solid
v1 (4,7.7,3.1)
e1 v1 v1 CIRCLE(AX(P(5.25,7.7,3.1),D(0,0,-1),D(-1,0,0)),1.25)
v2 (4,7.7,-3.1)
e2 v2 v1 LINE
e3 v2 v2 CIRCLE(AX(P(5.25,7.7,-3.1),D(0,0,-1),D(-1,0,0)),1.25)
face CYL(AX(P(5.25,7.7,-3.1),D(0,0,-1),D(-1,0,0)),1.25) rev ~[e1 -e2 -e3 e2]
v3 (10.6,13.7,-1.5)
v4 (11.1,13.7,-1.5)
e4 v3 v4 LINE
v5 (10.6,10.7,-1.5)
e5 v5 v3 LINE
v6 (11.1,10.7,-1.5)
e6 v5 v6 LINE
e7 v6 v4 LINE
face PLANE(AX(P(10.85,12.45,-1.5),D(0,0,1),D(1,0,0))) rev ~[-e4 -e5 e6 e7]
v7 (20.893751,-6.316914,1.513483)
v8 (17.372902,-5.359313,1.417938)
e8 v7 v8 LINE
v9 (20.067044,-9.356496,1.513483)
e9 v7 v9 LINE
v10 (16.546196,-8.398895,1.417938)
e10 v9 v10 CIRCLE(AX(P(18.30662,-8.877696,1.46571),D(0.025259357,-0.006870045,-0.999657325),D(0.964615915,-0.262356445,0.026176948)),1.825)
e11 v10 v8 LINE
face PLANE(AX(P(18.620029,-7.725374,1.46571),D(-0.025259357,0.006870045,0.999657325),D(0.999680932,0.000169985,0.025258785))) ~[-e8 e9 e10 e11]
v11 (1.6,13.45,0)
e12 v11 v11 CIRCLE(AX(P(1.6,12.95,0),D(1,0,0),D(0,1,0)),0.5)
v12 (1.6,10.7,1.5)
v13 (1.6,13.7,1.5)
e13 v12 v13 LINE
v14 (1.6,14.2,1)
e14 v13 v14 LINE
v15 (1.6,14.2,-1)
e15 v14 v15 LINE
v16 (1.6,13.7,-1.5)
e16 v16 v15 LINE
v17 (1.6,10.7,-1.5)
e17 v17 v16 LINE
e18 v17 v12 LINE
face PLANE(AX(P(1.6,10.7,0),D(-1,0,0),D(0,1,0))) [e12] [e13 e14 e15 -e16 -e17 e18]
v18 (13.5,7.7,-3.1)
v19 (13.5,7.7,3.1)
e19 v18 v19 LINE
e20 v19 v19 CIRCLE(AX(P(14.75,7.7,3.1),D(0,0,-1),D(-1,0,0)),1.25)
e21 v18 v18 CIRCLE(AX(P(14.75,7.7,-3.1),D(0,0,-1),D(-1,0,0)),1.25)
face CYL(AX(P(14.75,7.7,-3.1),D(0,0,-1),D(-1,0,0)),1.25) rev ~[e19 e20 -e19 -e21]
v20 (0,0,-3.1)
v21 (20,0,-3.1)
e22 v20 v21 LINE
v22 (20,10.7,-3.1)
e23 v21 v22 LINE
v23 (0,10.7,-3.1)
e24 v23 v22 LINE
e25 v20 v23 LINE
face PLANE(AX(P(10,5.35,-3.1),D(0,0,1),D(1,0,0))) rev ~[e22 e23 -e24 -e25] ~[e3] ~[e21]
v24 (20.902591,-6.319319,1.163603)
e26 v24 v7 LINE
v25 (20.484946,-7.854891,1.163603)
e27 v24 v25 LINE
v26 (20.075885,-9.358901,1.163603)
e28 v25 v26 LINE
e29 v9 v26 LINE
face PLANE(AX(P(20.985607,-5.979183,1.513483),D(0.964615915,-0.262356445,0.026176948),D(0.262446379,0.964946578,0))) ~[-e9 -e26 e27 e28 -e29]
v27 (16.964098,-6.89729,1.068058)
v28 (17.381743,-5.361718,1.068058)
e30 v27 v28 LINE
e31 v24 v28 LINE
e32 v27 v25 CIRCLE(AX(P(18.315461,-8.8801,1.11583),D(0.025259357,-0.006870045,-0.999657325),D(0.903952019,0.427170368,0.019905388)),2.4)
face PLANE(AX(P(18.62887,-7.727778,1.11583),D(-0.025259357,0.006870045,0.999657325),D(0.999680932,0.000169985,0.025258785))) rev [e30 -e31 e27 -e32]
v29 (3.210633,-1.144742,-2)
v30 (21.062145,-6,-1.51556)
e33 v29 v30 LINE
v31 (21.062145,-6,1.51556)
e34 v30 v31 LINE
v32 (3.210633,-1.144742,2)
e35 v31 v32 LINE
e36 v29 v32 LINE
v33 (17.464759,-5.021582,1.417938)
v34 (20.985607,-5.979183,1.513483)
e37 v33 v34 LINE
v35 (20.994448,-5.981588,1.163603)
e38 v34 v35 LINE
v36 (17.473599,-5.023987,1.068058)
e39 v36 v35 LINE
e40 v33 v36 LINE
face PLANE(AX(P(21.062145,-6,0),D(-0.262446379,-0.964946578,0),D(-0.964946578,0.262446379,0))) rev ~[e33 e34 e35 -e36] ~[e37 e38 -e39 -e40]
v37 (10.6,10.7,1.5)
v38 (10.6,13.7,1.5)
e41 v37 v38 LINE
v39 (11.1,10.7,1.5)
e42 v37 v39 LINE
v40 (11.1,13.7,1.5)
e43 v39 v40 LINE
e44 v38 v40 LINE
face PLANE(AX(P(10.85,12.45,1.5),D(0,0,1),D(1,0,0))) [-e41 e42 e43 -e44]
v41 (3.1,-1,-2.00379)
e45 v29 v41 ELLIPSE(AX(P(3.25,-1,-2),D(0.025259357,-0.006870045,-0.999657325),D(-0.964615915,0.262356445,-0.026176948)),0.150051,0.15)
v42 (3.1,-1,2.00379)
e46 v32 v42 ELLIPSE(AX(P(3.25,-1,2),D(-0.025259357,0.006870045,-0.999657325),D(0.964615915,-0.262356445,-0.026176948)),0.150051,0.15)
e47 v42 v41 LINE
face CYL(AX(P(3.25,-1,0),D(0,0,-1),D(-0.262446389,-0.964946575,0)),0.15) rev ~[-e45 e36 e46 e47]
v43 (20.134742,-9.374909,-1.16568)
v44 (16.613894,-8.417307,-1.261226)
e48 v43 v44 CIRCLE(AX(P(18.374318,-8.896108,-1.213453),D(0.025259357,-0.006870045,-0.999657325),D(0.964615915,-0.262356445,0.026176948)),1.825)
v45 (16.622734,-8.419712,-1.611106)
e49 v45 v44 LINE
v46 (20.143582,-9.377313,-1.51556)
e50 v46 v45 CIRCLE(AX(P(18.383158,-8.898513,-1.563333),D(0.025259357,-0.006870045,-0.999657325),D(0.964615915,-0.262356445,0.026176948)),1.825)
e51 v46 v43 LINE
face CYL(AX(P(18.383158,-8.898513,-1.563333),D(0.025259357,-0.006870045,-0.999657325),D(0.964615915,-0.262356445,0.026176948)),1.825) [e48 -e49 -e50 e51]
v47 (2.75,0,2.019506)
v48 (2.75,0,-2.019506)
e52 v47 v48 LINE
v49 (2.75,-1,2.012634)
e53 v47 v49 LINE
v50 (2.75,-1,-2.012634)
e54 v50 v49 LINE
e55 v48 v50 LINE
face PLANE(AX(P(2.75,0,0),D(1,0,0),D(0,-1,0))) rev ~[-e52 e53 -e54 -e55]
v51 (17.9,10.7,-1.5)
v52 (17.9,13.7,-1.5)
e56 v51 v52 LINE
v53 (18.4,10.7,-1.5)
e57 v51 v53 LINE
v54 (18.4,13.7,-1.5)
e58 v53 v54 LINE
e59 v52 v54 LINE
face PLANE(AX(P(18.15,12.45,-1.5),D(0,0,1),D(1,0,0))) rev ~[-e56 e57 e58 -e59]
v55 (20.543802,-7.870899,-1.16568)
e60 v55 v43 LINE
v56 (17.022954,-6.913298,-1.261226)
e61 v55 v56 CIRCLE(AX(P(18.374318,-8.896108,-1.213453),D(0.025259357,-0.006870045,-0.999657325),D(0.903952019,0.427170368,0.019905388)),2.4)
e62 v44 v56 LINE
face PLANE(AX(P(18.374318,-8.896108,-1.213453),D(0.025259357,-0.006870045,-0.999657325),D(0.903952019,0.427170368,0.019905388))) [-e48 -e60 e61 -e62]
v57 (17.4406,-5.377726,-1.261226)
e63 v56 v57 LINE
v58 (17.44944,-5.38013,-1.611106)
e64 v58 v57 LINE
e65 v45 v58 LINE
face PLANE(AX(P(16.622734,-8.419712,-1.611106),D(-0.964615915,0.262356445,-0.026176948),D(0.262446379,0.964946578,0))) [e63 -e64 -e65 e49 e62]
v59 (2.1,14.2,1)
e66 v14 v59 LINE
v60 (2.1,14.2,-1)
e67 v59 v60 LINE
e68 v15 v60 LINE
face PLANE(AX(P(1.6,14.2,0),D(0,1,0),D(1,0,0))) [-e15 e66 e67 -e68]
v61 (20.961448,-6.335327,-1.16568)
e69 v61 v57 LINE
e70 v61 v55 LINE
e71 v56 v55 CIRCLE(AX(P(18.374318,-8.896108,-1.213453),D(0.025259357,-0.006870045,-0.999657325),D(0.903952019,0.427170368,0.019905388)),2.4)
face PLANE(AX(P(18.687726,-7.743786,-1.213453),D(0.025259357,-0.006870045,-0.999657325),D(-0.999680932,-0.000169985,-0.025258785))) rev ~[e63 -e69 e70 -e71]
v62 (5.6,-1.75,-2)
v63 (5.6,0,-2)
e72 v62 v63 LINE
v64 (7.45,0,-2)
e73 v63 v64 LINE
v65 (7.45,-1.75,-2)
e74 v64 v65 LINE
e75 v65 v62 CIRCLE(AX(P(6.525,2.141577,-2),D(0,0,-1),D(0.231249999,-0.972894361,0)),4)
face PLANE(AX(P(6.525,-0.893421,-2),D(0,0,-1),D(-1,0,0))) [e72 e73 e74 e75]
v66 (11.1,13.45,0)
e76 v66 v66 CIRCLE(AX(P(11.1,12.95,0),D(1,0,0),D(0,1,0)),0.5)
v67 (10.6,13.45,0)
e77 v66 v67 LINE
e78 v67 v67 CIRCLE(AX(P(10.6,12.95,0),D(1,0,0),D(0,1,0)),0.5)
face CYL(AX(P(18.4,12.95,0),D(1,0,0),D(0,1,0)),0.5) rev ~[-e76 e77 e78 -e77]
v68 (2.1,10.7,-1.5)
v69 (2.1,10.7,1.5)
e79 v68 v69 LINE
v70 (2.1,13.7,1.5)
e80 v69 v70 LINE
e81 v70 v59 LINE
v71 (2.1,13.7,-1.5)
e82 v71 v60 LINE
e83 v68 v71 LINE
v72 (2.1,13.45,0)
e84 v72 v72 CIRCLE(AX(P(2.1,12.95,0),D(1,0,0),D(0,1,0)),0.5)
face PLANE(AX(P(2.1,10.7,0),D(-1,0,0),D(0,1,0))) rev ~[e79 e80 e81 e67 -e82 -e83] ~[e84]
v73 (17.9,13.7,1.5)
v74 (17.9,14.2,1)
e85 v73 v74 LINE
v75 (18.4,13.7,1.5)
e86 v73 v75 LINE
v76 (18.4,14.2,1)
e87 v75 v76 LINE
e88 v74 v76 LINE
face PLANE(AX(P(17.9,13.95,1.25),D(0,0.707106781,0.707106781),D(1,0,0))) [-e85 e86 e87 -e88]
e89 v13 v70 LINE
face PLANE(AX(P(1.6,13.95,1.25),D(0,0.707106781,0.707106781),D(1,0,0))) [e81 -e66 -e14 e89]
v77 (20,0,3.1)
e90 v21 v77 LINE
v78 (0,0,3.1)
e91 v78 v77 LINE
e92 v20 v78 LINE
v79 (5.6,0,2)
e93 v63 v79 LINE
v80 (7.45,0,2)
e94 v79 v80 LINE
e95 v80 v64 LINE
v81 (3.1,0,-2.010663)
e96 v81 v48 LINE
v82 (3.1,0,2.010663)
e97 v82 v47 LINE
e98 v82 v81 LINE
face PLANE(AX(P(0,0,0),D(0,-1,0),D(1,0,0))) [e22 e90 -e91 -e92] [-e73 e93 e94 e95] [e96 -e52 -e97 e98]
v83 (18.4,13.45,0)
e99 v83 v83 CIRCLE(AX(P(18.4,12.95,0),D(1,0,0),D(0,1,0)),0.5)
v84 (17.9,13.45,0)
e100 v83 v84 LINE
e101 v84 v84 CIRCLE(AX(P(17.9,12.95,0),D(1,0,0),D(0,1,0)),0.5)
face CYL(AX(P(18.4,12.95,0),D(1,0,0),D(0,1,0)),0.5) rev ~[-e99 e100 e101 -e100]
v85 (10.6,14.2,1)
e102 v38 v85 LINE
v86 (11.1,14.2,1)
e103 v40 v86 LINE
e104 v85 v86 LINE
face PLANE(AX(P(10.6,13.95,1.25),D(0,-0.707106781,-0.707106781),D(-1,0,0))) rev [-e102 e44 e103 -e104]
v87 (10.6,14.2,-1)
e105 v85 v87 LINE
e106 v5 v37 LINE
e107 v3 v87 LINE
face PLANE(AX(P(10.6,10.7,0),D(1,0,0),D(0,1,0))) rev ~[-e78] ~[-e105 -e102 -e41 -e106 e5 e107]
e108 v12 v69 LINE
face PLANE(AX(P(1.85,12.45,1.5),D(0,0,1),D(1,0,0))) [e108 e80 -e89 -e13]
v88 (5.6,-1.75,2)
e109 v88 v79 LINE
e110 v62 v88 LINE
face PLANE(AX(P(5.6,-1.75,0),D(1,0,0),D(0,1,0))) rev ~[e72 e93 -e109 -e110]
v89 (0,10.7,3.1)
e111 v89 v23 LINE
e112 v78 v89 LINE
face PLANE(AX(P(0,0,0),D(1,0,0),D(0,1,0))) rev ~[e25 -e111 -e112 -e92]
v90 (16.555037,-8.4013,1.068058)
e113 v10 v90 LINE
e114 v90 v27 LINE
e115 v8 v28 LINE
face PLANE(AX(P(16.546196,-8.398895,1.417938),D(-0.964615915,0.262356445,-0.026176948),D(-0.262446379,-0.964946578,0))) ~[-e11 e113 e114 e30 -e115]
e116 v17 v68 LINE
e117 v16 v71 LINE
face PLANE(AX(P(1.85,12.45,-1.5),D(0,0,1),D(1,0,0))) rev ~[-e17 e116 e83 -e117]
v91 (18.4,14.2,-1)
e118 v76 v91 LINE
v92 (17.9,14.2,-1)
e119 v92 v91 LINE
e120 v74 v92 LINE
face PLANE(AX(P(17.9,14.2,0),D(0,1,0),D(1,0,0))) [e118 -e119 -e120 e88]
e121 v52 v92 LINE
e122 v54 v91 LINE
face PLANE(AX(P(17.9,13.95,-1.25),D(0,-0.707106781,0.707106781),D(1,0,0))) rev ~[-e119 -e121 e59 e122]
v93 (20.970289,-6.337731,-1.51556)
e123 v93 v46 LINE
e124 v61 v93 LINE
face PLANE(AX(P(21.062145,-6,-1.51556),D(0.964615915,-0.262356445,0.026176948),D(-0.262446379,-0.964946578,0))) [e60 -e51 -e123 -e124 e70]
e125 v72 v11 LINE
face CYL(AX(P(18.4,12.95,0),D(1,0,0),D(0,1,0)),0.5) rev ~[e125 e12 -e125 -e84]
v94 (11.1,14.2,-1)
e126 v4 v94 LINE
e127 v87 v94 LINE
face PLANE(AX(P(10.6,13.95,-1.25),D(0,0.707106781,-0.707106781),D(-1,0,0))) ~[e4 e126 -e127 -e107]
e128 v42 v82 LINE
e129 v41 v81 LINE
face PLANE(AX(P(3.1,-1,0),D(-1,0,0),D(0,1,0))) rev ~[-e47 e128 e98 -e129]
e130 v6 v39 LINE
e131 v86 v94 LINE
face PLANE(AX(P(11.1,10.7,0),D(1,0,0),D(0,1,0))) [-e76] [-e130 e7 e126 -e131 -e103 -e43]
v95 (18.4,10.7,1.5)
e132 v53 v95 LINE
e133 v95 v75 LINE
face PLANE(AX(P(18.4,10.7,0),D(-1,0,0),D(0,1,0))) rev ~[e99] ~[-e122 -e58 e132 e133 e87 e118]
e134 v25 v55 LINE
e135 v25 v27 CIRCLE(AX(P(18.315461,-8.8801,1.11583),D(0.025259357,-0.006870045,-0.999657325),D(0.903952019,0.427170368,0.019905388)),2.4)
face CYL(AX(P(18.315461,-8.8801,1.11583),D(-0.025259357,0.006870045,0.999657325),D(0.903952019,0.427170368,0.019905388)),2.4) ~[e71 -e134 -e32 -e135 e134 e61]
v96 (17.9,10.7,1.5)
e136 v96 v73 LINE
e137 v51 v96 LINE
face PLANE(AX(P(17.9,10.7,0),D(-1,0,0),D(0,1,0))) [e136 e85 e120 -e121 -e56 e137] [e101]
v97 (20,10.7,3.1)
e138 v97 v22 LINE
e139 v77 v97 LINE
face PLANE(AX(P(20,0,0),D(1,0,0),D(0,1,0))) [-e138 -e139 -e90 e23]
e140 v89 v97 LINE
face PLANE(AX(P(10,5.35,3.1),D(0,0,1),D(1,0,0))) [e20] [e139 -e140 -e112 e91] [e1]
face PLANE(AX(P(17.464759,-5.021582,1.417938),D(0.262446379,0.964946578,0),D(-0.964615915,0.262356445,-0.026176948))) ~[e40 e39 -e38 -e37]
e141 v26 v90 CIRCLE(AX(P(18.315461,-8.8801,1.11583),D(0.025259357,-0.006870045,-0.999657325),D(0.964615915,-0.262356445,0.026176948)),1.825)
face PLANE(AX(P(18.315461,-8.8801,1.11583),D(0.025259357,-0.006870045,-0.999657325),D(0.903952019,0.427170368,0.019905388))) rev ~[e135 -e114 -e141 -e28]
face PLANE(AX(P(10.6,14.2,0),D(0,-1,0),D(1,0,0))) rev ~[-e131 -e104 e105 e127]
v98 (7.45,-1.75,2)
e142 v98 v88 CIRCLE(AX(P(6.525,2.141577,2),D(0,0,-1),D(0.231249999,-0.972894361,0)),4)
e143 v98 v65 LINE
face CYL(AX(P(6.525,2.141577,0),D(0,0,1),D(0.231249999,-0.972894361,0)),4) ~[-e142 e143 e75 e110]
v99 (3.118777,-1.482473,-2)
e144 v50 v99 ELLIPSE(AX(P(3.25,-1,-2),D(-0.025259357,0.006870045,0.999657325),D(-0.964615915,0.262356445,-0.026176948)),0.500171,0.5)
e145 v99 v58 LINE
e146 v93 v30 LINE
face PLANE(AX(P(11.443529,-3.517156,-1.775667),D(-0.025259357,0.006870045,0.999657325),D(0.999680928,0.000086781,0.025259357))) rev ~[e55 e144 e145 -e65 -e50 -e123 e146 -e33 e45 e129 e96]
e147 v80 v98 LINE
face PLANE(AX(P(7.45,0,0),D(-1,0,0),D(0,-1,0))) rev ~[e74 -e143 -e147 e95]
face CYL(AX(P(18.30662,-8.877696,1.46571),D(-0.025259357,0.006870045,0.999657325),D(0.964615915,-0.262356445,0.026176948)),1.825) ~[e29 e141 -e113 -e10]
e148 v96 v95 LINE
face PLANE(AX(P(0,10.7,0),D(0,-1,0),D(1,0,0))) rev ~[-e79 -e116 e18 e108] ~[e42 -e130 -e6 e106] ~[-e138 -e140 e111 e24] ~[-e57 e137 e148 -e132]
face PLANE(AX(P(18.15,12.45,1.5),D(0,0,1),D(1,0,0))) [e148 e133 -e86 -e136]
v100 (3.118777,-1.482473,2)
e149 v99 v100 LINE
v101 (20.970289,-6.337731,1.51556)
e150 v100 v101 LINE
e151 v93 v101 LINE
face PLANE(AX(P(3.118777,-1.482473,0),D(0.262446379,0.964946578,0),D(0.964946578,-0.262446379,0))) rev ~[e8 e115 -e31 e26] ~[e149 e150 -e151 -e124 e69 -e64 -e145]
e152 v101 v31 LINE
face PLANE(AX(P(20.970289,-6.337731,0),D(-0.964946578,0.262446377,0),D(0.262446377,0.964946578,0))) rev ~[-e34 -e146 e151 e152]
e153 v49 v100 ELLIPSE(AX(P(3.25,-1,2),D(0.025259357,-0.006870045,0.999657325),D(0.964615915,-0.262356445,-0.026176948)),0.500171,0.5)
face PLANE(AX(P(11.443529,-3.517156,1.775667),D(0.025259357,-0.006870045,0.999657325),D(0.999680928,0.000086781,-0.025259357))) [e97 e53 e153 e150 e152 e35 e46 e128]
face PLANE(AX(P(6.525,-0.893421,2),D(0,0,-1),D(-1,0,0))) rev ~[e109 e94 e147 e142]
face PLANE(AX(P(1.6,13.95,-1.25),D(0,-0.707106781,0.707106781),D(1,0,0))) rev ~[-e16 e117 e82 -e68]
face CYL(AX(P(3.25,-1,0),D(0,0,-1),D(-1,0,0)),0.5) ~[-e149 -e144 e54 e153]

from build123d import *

# Parameters (mm, degrees)
SKETCH1_W           = 20
SKETCH1_H           = 10.7
BOSS_EXTRUDE1_DEPTH = 3.1
SKETCH2_W           = 0.5
SKETCH2_H           = 3.5
BOSS_EXTRUDE2_DEPTH = 1.5
CHAMFER1_SIZE       = 0.5
CUT_EXTRUDE1_REACH  = 25.448
SKETCH3_R           = 0.5
SKETCH4_R           = 1.25
CUT_EXTRUDE2_DEPTH  = 26.299802371
BOSS_EXTRUDE3_DEPTH = 2
DRAFT10_ANGLE       = 1.5
BOSS_EXTRUDE4_DEPTH = 0.35
SKETCH8_R           = 2.4
BOSS_EXTRUDE5_DEPTH = 2.330082213


with BuildPart() as part:
    # Sketch1 → Boss-Extrude1 (new, symmetric)
    with BuildSketch(Plane.XY):
        with Locations((10, 5.35)):
            Rectangle(SKETCH1_W, SKETCH1_H)
    extrude(amount=BOSS_EXTRUDE1_DEPTH, both=True)

    # Sketch2 → Boss-Extrude2 (add, symmetric)
    with BuildSketch(Plane.XY):
        with Locations((1.85, 12.45)):
            Rectangle(SKETCH2_W, SKETCH2_H)
        with Locations((18.15, 12.45)):
            Rectangle(SKETCH2_W, SKETCH2_H)
        with Locations((10.85, 12.45)):
            Rectangle(SKETCH2_W, SKETCH2_H)
    extrude(amount=BOSS_EXTRUDE2_DEPTH, both=True)

    # Chamfer1
    chamfer1_edges = [part.edges().sort_by_distance(p)[0] for p in [
        (1.85, 14.2, -1.5),
        (1.85, 14.2, 1.5),
        (18.15, 14.2, -1.5),
        (18.15, 14.2, 1.5),
        (10.85, 14.2, -1.5),
        (10.85, 14.2, 1.5),
    ]]
    chamfer(chamfer1_edges, length=CHAMFER1_SIZE)

    # Cut-Extrude1: up to this face of the body (flat: up to its plane)
    cut_extrude1_end = Plane(part.part.faces().sort_by_distance((1.6, 12.411382114, 0))[0])
    # Sketch3 → Cut-Extrude1 (cut, up to the picked face)
    with BuildSketch(Plane(origin=(18.4, 0, 0), x_dir=(0, 0, -1), z_dir=(1, 0, 0)), mode=Mode.PRIVATE) as cut_extrude1_sk1:
        with Locations(Location((0, 12.95, 0), (0, 0, 90))):
            Circle(SKETCH3_R)
    cut_extrude1_tool1 = split(extrude(cut_extrude1_sk1.sketch, amount=-CUT_EXTRUDE1_REACH, mode=Mode.PRIVATE), bisect_by=cut_extrude1_end, keep=Keep.BOTH, mode=Mode.PRIVATE)
    add(cut_extrude1_tool1.solids().sort_by(Axis((18.4, 12.95, 0), (-1, 0, 0)))[0], mode=Mode.SUBTRACT)

    # Sketch4 → Cut-Extrude2 (cut, through all)
    with BuildSketch(Plane(origin=(0, 0, -3.1), x_dir=(-1, 0, 0), z_dir=(0, 0, -1))):
        with Locations((-5.25, 7.7)):
            Circle(SKETCH4_R)
        with Locations((-14.75, 7.7)):
            Circle(SKETCH4_R)
    extrude(amount=-CUT_EXTRUDE2_DEPTH, mode=Mode.SUBTRACT)

    # Sketch5 → Boss-Extrude3 (add, symmetric)
    with BuildSketch(Plane.XY):
        with BuildLine():
            Line((2.75, 0), (2.75, -1))
            ThreePointArc((2.75, -1), (2.852752222, -1.303634983), (3.11877681, -1.482473289))
            Line((3.11877681, -1.482473289), (20.970288501, -6.337731302))
            Line((20.970288501, -6.337731302), (21.062144733, -6))
            Line((21.062144733, -6), (3.210633043, -1.144741987))
            ThreePointArc((3.210633043, -1.144741987), (3.130825667, -1.091090495), (3.1, -1))
            Line((3.1, -1), (3.1, 0))
            Line((3.1, 0), (2.75, 0))
        make_face()
        with BuildLine():
            Line((5.6, 0), (7.45, 0))
            Line((7.45, 0), (7.45, -1.75))
            ThreePointArc((7.45, -1.75), (6.525, -1.858422556), (5.6, -1.75))
            Line((5.6, -1.75), (5.6, 0))
        make_face()
    extrude(amount=BOSS_EXTRUDE3_DEPTH, both=True)

    # Draft10
    draft10_faces = [part.faces().sort_by_distance(p)[0] for p in [
        (11.436613636, -3.524482983, -2),
        (11.436613636, -3.524482983, 2),
    ]]
    draft(draft10_faces, Plane(origin=(3.279392904, -0.891929992, 0), x_dir=(0.26244637909853513, 0.9649465778467056, 0), z_dir=(0.9649465778467056, -0.26244637909853513, 0)), DRAFT10_ANGLE)

    # Sketch7 → Boss-Extrude4 (add)
    with BuildSketch(Plane(origin=(0.052748549, -0.014346562, -2.087562004), x_dir=(-0.9996809315410219, -0.0001699850736862716, -0.02525878497374093), z_dir=(0.02525935668815235, -0.006870045299250848, -0.9996573249755574))):
        with BuildLine():
            Line((-17.494148049, -5.03114496), (-21.016123341, -5.989367295))
            Line((-21.016123341, -5.989367295), (-20.097280006, -9.366603877))
            ThreePointArc((-20.097280006, -9.366603877), (-17.857181192, -10.648480355), (-16.575304714, -8.408381541))
            Line((-16.575304714, -8.408381541), (-17.494148049, -5.03114496))
        make_face()
    boss_extrude4 = extrude(amount=-BOSS_EXTRUDE4_DEPTH)

    # Mirror1: Boss-Extrude4 across plane
    add(boss_extrude4.mirror(Plane(origin=(0.014479585, -0.003938161, -0.573040064), x_dir=(0.9996809315475117, 0.00017358831123137617, 0.02525876021101414), z_dir=(0.02525935668815235, -0.006870045299250846, -0.9996573249755574))))

    # Sketch8 → Boss-Extrude5 (add)
    with BuildSketch(Plane(origin=(-0.014948604, 0.004065724, 0.591601811), x_dir=(-0.9996809315475117, -0.00017358831123137592, -0.025258760211014114), z_dir=(0.02525935668815233, -0.00687004529925084, -0.9996573249755573))):
        with Locations(Location((-18.336260335, -8.88755878, 0), (0, 0, 154.72118915))):
            Circle(SKETCH8_R)
    extrude(amount=BOSS_EXTRUDE5_DEPTH)


solid = part.part
